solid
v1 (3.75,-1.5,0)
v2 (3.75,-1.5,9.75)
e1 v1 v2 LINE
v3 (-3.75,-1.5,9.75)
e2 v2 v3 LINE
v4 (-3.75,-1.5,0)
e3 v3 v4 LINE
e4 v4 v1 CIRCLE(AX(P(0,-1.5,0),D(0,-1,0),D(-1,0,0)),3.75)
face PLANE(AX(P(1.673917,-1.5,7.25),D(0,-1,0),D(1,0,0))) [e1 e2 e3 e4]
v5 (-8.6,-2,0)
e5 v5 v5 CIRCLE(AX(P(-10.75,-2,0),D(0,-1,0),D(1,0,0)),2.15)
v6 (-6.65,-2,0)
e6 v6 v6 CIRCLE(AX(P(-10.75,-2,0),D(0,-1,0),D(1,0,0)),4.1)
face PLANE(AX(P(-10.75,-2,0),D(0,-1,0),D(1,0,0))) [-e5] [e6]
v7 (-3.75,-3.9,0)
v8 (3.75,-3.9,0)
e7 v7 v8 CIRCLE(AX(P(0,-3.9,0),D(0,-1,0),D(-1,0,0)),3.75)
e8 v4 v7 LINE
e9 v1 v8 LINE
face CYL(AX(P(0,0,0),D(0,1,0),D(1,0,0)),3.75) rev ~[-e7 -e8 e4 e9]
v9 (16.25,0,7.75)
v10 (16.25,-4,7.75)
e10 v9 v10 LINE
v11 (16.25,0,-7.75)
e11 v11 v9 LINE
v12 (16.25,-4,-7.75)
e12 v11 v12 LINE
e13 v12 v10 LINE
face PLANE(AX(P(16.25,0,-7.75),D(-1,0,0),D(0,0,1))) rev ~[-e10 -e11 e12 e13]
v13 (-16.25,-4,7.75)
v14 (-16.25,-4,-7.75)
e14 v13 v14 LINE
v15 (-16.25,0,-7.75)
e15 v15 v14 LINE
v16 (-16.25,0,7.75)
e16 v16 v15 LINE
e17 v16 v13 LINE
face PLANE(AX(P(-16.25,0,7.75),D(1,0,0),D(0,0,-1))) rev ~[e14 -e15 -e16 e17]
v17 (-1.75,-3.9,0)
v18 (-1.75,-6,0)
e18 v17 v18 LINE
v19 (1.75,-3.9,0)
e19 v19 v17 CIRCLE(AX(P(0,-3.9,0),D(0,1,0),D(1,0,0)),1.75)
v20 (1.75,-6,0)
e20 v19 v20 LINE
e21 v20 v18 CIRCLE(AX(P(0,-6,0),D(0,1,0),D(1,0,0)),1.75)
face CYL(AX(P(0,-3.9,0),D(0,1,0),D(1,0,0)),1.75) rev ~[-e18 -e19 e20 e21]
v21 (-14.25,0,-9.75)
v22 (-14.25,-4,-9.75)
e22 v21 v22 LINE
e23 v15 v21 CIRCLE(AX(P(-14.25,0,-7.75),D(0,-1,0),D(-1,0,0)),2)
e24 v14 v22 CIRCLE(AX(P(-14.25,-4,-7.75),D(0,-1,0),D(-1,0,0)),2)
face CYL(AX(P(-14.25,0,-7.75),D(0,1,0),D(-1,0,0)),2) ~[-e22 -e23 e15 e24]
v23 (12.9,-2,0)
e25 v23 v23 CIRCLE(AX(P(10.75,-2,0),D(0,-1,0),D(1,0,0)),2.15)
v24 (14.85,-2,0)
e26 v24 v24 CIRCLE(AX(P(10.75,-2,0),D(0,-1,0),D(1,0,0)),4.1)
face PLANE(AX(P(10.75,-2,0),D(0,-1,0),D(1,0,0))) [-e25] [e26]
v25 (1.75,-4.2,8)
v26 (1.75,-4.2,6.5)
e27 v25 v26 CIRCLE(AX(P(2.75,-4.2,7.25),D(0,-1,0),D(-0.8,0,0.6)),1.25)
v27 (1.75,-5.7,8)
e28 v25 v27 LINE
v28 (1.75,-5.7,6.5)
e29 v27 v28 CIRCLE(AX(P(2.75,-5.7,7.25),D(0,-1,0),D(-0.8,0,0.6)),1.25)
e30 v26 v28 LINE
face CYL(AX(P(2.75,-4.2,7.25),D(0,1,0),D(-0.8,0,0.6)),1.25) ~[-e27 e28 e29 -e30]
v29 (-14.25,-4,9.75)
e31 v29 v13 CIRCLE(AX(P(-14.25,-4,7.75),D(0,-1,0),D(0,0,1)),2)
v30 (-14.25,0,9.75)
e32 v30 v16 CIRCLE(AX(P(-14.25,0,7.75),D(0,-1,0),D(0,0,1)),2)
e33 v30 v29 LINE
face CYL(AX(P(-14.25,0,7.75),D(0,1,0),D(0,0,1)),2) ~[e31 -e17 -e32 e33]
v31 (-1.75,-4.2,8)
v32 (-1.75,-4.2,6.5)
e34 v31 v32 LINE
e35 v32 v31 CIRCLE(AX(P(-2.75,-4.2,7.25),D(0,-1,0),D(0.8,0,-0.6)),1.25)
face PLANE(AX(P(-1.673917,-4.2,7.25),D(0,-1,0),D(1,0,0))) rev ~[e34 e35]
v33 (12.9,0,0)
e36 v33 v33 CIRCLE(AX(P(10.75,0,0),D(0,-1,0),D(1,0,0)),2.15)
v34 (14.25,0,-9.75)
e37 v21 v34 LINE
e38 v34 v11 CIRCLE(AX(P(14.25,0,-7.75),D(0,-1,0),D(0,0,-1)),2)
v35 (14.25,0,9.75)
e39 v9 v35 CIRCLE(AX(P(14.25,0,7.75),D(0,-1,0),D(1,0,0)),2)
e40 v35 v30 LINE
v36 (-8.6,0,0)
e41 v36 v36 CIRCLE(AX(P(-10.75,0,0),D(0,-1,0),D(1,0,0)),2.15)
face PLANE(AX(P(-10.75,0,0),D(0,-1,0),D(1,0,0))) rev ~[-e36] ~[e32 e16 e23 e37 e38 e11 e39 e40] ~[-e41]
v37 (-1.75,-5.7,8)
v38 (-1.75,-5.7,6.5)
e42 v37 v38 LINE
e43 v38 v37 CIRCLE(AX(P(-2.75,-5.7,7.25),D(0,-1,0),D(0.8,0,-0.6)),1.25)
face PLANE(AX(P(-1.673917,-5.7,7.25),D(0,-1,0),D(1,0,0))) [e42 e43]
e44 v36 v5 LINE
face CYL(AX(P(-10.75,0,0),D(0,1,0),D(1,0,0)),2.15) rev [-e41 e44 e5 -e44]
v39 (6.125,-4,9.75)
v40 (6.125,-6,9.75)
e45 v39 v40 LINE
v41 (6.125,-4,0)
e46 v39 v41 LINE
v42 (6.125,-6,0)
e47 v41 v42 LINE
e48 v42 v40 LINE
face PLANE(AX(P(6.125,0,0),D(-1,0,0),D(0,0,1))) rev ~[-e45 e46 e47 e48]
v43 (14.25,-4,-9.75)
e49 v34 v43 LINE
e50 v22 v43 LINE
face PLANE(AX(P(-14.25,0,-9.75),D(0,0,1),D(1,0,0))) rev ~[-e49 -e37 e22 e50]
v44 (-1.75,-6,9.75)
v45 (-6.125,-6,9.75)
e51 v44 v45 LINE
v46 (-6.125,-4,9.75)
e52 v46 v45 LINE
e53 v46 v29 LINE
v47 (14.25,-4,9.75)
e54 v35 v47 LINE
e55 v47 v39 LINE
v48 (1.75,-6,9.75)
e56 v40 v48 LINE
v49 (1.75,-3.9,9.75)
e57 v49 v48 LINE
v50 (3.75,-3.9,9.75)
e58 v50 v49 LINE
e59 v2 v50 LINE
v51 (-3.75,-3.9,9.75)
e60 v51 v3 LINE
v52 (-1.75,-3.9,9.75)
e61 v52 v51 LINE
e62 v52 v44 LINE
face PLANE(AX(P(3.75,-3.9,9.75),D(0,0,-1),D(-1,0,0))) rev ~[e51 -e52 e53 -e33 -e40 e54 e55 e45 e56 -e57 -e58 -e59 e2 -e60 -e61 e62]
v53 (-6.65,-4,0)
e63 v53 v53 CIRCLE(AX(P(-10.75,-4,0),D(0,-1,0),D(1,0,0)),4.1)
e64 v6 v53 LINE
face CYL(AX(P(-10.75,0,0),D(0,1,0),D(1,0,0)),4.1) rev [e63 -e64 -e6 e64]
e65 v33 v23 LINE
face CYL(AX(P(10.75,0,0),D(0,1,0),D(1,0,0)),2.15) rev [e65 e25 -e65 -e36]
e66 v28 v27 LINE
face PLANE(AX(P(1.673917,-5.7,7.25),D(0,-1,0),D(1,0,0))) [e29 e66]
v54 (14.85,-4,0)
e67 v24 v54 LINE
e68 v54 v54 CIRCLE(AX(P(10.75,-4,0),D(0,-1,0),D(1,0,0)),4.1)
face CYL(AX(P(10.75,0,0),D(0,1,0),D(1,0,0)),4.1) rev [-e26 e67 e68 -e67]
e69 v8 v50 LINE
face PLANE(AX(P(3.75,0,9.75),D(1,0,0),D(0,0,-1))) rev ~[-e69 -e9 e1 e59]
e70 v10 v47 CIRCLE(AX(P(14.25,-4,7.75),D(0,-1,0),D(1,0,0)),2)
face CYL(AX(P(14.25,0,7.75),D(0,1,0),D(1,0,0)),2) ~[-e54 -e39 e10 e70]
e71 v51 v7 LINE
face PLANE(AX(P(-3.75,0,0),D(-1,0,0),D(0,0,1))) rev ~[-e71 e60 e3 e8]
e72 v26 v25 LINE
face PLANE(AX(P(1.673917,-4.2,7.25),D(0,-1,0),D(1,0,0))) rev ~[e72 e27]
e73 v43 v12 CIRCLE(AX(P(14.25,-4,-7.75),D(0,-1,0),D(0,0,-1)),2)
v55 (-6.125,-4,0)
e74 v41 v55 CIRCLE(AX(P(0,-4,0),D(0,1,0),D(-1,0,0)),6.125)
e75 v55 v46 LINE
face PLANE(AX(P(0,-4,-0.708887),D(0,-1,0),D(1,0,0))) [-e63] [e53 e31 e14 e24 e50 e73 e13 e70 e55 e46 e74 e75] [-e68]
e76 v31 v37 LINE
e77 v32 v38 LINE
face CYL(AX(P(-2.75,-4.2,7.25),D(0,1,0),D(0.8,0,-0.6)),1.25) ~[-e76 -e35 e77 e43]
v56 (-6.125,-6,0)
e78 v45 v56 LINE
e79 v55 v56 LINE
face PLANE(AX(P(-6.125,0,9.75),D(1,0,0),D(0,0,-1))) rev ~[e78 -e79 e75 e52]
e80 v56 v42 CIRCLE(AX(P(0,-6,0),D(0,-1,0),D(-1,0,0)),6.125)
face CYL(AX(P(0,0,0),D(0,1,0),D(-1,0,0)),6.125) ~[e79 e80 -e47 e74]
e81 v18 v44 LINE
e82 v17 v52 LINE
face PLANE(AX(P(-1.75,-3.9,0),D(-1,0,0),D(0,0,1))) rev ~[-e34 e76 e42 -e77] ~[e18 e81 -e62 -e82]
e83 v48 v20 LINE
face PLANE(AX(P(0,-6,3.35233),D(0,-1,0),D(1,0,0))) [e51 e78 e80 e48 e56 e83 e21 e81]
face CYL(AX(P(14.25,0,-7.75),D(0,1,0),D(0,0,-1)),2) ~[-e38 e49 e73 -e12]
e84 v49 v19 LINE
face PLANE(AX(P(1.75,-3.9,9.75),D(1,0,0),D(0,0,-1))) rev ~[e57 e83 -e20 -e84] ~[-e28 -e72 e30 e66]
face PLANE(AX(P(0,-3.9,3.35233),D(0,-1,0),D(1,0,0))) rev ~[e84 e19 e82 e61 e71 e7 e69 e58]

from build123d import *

# Parameters (mm, degrees)
F0_R     = 4.1
F1_DEPTH = 4
F2_DEPTH = 1.5
F3_DEPTH = 6
F0_R_2   = 2.15
F4_DEPTH = 2
F5_START = 3.9
F5_DEPTH = 2.1
F6_START = 4.2
F6_DEPTH = 1.5


with BuildPart() as f1:
    # F0 (on Front) → F1 (new body)
    with BuildSketch(Plane.XZ):
        with BuildLine():
            Line((14.25, 9.75), (6.125, 9.75))
            Line((6.125, 9.75), (6.125, 0))
            ThreePointArc((6.125, 0), (0, -6.125), (-6.125, 0))
            Line((-6.125, 0), (-6.125, 9.75))
            Line((-6.125, 9.75), (-14.25, 9.75))
            ThreePointArc((-14.25, 9.75), (-15.6642135624, 9.1642135624), (-16.25, 7.75))
            Line((-16.25, 7.75), (-16.25, -7.75))
            ThreePointArc((-16.25, -7.75), (-15.6642135624, -9.1642135624), (-14.25, -9.75))
            Line((-14.25, -9.75), (14.25, -9.75))
            ThreePointArc((14.25, -9.75), (15.6642135624, -9.1642135624), (16.25, -7.75))
            Line((16.25, -7.75), (16.25, 7.75))
            ThreePointArc((16.25, 7.75), (15.6642135624, 9.1642135624), (14.25, 9.75))
        make_face()
        with Locations((-10.75, 0)):
            Circle(F0_R, mode=Mode.SUBTRACT)
        with Locations((10.75, 0)):
            Circle(F0_R, mode=Mode.SUBTRACT)
        with BuildLine():
            Line((6.125, 9.75), (3.75, 9.75))
            Line((3.75, 9.75), (3.75, 0))
            ThreePointArc((3.75, 0), (0, -3.75), (-3.75, 0))
            Line((-3.75, 0), (-3.75, 9.75))
            Line((-3.75, 9.75), (-6.125, 9.75))
            Line((-6.125, 9.75), (-6.125, 0))
            ThreePointArc((-6.125, 0), (0, -6.125), (6.125, 0))
            Line((6.125, 0), (6.125, 9.75))
        make_face()
    extrude(amount=F1_DEPTH)

    # F0 (on Front) → F2 (join)
    with BuildSketch(Plane.XZ):
        with BuildLine():
            ThreePointArc((1.75, 8), (1.5, 7.25), (1.75, 6.5))
            Line((1.75, 6.5), (1.75, 8))
        make_face()
        with BuildLine():
            Line((1.75, 6.5), (1.75, 0))
            ThreePointArc((1.75, 0), (0, -1.75), (-1.75, 0))
            Line((-1.75, 0), (-1.75, 6.5))
            Line((-1.75, 6.5), (-1.75, 8))
            Line((-1.75, 8), (-1.75, 9.75))
            Line((-1.75, 9.75), (-3.75, 9.75))
            Line((-3.75, 9.75), (-3.75, 0))
            ThreePointArc((-3.75, 0), (0, -3.75), (3.75, 0))
            Line((3.75, 0), (3.75, 9.75))
            Line((3.75, 9.75), (1.75, 9.75))
            Line((1.75, 9.75), (1.75, 8))
            Line((1.75, 8), (1.75, 6.5))
        make_face()
        with BuildLine():
            Line((-1.75, 8), (-1.75, 6.5))
            ThreePointArc((-1.75, 6.5), (-1.5, 7.25), (-1.75, 8))
        make_face()
        with BuildLine():
            ThreePointArc((-1.75, 0), (0, -1.75), (1.75, 0))
            Line((1.75, 0), (1.75, 6.5))
            ThreePointArc((1.75, 6.5), (1.5, 7.25), (1.75, 8))
            Line((1.75, 8), (1.75, 9.75))
            Line((1.75, 9.75), (-1.75, 9.75))
            Line((-1.75, 9.75), (-1.75, 8))
            ThreePointArc((-1.75, 8), (-1.5, 7.25), (-1.75, 6.5))
            Line((-1.75, 6.5), (-1.75, 0))
        make_face()
    extrude(amount=F2_DEPTH)

    # F0 (on Front) → F3 (join)
    with BuildSketch(Plane.XZ):
        with BuildLine():
            Line((6.125, 9.75), (3.75, 9.75))
            Line((3.75, 9.75), (3.75, 0))
            ThreePointArc((3.75, 0), (0, -3.75), (-3.75, 0))
            Line((-3.75, 0), (-3.75, 9.75))
            Line((-3.75, 9.75), (-6.125, 9.75))
            Line((-6.125, 9.75), (-6.125, 0))
            ThreePointArc((-6.125, 0), (0, -6.125), (6.125, 0))
            Line((6.125, 0), (6.125, 9.75))
        make_face()
    extrude(amount=F3_DEPTH)

    # F0 (on Front) → F4 (join)
    with BuildSketch(Plane.XZ):
        with Locations((-10.75, 0)):
            Circle(F0_R)
        with Locations((-10.75, 0)):
            Circle(F0_R_2, mode=Mode.SUBTRACT)
        with Locations((10.75, 0)):
            Circle(F0_R)
        with Locations((10.75, 0)):
            Circle(F0_R_2, mode=Mode.SUBTRACT)
    extrude(amount=F4_DEPTH)

    # F0 (on Front) → F5 (join)
    with BuildSketch(Plane.XZ.offset(F5_START)):
        with BuildLine():
            Line((1.75, 6.5), (1.75, 0))
            ThreePointArc((1.75, 0), (0, -1.75), (-1.75, 0))
            Line((-1.75, 0), (-1.75, 6.5))
            Line((-1.75, 6.5), (-1.75, 8))
            Line((-1.75, 8), (-1.75, 9.75))
            Line((-1.75, 9.75), (-3.75, 9.75))
            Line((-3.75, 9.75), (-3.75, 0))
            ThreePointArc((-3.75, 0), (0, -3.75), (3.75, 0))
            Line((3.75, 0), (3.75, 9.75))
            Line((3.75, 9.75), (1.75, 9.75))
            Line((1.75, 9.75), (1.75, 8))
            Line((1.75, 8), (1.75, 6.5))
        make_face()
    extrude(amount=F5_DEPTH)

    # F0 (on Front) → F6 (join)
    with BuildSketch(Plane.XZ.offset(F6_START)):
        with BuildLine():
            Line((-1.75, 8), (-1.75, 6.5))
            ThreePointArc((-1.75, 6.5), (-1.5, 7.25), (-1.75, 8))
        make_face()
        with BuildLine():
            ThreePointArc((1.75, 8), (1.5, 7.25), (1.75, 6.5))
            Line((1.75, 6.5), (1.75, 8))
        make_face()
    extrude(amount=F6_DEPTH)


solid = f1.part
